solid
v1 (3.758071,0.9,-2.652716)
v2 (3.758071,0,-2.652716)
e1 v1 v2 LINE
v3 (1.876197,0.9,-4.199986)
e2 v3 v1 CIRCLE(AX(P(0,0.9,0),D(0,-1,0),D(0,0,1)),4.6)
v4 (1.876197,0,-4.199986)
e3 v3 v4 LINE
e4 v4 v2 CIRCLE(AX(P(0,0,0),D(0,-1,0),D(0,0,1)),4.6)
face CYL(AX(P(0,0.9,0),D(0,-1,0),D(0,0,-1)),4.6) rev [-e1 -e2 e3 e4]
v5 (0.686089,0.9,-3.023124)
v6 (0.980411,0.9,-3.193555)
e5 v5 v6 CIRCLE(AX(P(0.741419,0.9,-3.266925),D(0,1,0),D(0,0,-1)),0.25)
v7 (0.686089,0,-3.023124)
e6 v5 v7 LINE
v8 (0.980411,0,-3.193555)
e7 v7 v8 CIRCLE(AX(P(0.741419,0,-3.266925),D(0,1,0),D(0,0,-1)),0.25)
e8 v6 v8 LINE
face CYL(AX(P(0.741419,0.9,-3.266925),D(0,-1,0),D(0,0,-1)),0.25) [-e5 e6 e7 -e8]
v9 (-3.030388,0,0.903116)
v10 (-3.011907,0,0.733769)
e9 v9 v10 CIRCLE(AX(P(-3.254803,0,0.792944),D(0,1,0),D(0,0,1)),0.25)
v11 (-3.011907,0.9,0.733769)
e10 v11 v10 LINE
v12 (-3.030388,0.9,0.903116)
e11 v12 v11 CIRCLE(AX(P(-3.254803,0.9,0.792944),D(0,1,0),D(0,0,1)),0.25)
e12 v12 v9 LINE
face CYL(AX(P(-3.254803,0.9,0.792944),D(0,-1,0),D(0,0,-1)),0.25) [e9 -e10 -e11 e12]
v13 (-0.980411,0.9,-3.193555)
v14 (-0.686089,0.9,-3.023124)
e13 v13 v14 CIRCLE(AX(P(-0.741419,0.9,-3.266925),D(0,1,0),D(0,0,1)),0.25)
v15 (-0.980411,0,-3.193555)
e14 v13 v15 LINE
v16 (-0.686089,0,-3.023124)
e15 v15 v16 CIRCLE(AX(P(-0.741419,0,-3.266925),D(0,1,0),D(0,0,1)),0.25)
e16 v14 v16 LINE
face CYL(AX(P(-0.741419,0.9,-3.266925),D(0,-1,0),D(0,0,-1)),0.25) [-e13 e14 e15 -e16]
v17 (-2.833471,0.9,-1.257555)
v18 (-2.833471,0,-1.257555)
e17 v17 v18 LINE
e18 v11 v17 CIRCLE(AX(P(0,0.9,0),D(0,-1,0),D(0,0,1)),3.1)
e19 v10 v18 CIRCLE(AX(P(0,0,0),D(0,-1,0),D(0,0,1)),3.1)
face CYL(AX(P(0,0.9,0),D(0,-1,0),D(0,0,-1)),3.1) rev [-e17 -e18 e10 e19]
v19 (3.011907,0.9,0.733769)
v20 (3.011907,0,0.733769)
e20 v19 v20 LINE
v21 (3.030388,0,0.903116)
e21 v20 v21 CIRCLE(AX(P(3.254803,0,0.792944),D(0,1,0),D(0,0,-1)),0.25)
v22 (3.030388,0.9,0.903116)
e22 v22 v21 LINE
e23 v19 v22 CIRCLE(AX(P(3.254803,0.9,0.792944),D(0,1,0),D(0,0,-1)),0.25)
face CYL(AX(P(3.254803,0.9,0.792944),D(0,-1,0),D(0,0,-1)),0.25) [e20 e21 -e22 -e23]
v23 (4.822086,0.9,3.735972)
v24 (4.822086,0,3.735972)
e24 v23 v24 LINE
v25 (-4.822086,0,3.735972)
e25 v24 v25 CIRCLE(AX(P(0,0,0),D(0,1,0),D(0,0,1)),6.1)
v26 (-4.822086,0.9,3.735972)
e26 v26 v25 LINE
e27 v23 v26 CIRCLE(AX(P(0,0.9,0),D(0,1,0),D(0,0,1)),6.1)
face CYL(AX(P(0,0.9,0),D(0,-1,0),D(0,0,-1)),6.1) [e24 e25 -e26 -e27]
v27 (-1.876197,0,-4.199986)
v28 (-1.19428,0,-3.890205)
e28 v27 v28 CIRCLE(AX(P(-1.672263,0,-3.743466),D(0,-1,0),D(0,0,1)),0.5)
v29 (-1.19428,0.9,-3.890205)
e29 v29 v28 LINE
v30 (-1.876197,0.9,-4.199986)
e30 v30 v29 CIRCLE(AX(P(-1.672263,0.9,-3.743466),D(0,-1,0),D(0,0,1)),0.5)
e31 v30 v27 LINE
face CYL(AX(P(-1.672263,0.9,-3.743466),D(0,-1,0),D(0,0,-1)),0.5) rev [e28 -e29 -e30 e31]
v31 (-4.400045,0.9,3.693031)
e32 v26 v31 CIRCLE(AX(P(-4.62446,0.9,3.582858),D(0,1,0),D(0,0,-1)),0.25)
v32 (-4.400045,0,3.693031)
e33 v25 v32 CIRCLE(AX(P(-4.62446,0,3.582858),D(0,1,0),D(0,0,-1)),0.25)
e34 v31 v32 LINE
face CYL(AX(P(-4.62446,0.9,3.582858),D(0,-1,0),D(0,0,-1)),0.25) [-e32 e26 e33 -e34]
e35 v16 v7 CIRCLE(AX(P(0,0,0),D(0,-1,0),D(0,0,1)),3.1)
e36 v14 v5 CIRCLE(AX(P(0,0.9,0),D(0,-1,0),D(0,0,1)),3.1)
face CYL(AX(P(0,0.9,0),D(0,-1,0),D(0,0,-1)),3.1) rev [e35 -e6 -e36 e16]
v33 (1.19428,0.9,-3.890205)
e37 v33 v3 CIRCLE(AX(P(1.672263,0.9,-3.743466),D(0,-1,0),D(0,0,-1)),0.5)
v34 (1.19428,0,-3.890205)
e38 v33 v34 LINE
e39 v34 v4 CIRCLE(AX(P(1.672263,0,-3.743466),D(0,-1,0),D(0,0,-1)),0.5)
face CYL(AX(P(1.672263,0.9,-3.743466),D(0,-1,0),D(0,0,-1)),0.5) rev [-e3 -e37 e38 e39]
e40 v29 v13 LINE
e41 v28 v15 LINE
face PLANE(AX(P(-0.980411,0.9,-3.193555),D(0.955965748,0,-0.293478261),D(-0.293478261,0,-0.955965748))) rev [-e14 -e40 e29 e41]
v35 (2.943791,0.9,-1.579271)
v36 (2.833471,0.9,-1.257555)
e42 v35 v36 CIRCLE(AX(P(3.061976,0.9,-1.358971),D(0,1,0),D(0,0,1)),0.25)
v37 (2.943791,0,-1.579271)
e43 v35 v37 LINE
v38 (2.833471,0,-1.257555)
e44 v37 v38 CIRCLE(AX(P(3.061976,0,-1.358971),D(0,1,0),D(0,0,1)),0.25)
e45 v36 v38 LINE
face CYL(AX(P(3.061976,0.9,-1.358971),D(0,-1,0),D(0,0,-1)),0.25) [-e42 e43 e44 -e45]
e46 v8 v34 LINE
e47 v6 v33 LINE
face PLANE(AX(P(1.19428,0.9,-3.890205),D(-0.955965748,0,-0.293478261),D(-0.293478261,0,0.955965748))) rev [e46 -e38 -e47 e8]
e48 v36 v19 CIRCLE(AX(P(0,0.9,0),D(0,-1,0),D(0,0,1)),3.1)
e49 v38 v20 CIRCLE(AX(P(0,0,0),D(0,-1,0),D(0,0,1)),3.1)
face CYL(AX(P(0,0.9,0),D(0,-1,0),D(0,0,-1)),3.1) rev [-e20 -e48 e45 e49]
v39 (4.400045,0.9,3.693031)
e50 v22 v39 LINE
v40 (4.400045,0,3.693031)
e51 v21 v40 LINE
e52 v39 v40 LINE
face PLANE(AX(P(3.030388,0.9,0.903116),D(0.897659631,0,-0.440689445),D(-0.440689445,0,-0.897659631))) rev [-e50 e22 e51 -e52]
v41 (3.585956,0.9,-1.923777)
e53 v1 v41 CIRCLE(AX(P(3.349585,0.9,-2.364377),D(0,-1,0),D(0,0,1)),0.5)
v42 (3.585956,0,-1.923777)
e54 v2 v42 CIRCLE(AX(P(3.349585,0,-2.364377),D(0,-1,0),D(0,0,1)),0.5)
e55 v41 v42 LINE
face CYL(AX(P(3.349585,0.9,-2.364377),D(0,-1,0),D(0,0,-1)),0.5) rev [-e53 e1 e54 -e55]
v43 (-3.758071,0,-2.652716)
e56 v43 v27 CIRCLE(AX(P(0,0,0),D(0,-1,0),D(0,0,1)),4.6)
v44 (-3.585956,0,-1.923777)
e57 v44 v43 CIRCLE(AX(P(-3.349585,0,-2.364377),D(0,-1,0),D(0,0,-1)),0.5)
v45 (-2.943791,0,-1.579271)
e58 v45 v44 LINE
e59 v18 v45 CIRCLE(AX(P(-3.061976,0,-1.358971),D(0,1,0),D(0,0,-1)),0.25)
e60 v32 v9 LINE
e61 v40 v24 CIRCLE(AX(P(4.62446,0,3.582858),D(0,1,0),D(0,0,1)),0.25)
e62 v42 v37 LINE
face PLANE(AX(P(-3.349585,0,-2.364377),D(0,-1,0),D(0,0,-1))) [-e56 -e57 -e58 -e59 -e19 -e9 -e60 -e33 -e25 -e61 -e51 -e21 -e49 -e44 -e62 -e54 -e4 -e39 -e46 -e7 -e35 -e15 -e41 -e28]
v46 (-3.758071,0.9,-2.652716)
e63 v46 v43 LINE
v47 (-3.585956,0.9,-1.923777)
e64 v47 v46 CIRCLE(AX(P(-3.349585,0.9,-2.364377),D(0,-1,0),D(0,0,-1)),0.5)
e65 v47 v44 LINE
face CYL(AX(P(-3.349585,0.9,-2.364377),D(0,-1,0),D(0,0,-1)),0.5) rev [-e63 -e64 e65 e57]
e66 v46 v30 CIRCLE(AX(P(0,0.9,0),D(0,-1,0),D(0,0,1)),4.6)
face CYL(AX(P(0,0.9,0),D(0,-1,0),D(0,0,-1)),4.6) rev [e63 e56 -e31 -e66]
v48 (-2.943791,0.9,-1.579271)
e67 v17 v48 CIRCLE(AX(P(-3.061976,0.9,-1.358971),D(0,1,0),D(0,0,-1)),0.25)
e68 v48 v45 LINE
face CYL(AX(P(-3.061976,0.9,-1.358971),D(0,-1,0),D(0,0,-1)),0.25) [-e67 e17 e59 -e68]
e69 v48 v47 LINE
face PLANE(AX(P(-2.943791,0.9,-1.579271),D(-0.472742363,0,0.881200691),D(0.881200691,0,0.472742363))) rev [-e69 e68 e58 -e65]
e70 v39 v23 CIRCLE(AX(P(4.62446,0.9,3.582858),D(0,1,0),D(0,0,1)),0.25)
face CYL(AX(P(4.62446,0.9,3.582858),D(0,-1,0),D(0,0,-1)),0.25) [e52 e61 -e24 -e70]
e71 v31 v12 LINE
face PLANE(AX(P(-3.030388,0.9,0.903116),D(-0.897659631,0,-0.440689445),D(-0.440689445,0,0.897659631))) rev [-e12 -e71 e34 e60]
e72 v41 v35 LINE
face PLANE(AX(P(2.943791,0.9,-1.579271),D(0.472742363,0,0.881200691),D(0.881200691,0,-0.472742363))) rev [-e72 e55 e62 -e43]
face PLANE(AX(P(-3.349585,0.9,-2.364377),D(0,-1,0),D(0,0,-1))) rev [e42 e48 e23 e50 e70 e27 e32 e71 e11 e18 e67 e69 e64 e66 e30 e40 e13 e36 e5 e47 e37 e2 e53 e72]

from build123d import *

# Parameters (mm, degrees)
BOSS_EXTRUDE2_DEPTH = 0.9


with BuildPart() as part:
    # Sketch2 → Boss-Extrude2 (new body)
    with BuildSketch(Plane(origin=(0, 0, 0), x_dir=(1, 0, 0), z_dir=(0, 1, 0))):
        with BuildLine():
            Line((-0.980410681, 3.193555213), (-1.194279845, 3.890205091))
            ThreePointArc((-1.194279845, 3.890205091), (-1.465461571, 4.198694788), (-1.876197196, 4.1999862))
            ThreePointArc((-1.876197196, 4.1999862), (-2.921430522, 3.553201895), (-3.758071134, 2.652715844))
            ThreePointArc((-3.758071134, 2.652715844), (-3.836204314, 2.249478162), (-3.585956323, 1.92377682))
            Line((-3.585956323, 1.92377682), (-2.943790684, 1.579270847))
            ThreePointArc((-2.943790684, 1.579270847), (-2.825493737, 1.440063272), (-2.833470582, 1.257554952))
            ThreePointArc((-2.833470582, 1.257554952), (-3.087628894, 0.276672749), (-3.011906881, -0.733768997))
            ThreePointArc((-3.011906881, -0.733768997), (-3.006278091, -0.820065307), (-3.030387689, -0.903116277))
            Line((-3.030387689, -0.903116277), (-4.400044699, -3.693030626))
            ThreePointArc((-4.400044699, -3.693030626), (-4.599153629, -3.831574182), (-4.822086086, -3.735971866))
            ThreePointArc((-4.822086086, -3.735971866), (0, 6.1), (4.822086086, -3.735971866))
            ThreePointArc((4.822086086, -3.735971866), (4.599153629, -3.831574182), (4.400044699, -3.693030626))
            Line((4.400044699, -3.693030626), (3.030387689, -0.903116277))
            ThreePointArc((3.030387689, -0.903116277), (3.006278091, -0.820065307), (3.011906881, -0.733768997))
            ThreePointArc((3.011906881, -0.733768997), (3.087628894, 0.276672749), (2.833470582, 1.257554952))
            ThreePointArc((2.833470582, 1.257554952), (2.825493737, 1.440063272), (2.943790684, 1.579270847))
            Line((2.943790684, 1.579270847), (3.585956323, 1.92377682))
            ThreePointArc((3.585956323, 1.92377682), (3.836204314, 2.249478162), (3.758071134, 2.652715844))
            ThreePointArc((3.758071134, 2.652715844), (2.921430522, 3.553201895), (1.876197196, 4.1999862))
            ThreePointArc((1.876197196, 4.1999862), (1.465461571, 4.198694788), (1.194279845, 3.890205091))
            Line((1.194279845, 3.890205091), (0.980410681, 3.193555213))
            ThreePointArc((0.980410681, 3.193555213), (0.866697189, 3.050579136), (0.68608945, 3.023124421))
            ThreePointArc((0.68608945, 3.023124421), (0, 3.1), (-0.68608945, 3.023124421))
            ThreePointArc((-0.68608945, 3.023124421), (-0.866697189, 3.050579136), (-0.980410681, 3.193555213))
        make_face()
    extrude(amount=BOSS_EXTRUDE2_DEPTH)


solid = part.part
